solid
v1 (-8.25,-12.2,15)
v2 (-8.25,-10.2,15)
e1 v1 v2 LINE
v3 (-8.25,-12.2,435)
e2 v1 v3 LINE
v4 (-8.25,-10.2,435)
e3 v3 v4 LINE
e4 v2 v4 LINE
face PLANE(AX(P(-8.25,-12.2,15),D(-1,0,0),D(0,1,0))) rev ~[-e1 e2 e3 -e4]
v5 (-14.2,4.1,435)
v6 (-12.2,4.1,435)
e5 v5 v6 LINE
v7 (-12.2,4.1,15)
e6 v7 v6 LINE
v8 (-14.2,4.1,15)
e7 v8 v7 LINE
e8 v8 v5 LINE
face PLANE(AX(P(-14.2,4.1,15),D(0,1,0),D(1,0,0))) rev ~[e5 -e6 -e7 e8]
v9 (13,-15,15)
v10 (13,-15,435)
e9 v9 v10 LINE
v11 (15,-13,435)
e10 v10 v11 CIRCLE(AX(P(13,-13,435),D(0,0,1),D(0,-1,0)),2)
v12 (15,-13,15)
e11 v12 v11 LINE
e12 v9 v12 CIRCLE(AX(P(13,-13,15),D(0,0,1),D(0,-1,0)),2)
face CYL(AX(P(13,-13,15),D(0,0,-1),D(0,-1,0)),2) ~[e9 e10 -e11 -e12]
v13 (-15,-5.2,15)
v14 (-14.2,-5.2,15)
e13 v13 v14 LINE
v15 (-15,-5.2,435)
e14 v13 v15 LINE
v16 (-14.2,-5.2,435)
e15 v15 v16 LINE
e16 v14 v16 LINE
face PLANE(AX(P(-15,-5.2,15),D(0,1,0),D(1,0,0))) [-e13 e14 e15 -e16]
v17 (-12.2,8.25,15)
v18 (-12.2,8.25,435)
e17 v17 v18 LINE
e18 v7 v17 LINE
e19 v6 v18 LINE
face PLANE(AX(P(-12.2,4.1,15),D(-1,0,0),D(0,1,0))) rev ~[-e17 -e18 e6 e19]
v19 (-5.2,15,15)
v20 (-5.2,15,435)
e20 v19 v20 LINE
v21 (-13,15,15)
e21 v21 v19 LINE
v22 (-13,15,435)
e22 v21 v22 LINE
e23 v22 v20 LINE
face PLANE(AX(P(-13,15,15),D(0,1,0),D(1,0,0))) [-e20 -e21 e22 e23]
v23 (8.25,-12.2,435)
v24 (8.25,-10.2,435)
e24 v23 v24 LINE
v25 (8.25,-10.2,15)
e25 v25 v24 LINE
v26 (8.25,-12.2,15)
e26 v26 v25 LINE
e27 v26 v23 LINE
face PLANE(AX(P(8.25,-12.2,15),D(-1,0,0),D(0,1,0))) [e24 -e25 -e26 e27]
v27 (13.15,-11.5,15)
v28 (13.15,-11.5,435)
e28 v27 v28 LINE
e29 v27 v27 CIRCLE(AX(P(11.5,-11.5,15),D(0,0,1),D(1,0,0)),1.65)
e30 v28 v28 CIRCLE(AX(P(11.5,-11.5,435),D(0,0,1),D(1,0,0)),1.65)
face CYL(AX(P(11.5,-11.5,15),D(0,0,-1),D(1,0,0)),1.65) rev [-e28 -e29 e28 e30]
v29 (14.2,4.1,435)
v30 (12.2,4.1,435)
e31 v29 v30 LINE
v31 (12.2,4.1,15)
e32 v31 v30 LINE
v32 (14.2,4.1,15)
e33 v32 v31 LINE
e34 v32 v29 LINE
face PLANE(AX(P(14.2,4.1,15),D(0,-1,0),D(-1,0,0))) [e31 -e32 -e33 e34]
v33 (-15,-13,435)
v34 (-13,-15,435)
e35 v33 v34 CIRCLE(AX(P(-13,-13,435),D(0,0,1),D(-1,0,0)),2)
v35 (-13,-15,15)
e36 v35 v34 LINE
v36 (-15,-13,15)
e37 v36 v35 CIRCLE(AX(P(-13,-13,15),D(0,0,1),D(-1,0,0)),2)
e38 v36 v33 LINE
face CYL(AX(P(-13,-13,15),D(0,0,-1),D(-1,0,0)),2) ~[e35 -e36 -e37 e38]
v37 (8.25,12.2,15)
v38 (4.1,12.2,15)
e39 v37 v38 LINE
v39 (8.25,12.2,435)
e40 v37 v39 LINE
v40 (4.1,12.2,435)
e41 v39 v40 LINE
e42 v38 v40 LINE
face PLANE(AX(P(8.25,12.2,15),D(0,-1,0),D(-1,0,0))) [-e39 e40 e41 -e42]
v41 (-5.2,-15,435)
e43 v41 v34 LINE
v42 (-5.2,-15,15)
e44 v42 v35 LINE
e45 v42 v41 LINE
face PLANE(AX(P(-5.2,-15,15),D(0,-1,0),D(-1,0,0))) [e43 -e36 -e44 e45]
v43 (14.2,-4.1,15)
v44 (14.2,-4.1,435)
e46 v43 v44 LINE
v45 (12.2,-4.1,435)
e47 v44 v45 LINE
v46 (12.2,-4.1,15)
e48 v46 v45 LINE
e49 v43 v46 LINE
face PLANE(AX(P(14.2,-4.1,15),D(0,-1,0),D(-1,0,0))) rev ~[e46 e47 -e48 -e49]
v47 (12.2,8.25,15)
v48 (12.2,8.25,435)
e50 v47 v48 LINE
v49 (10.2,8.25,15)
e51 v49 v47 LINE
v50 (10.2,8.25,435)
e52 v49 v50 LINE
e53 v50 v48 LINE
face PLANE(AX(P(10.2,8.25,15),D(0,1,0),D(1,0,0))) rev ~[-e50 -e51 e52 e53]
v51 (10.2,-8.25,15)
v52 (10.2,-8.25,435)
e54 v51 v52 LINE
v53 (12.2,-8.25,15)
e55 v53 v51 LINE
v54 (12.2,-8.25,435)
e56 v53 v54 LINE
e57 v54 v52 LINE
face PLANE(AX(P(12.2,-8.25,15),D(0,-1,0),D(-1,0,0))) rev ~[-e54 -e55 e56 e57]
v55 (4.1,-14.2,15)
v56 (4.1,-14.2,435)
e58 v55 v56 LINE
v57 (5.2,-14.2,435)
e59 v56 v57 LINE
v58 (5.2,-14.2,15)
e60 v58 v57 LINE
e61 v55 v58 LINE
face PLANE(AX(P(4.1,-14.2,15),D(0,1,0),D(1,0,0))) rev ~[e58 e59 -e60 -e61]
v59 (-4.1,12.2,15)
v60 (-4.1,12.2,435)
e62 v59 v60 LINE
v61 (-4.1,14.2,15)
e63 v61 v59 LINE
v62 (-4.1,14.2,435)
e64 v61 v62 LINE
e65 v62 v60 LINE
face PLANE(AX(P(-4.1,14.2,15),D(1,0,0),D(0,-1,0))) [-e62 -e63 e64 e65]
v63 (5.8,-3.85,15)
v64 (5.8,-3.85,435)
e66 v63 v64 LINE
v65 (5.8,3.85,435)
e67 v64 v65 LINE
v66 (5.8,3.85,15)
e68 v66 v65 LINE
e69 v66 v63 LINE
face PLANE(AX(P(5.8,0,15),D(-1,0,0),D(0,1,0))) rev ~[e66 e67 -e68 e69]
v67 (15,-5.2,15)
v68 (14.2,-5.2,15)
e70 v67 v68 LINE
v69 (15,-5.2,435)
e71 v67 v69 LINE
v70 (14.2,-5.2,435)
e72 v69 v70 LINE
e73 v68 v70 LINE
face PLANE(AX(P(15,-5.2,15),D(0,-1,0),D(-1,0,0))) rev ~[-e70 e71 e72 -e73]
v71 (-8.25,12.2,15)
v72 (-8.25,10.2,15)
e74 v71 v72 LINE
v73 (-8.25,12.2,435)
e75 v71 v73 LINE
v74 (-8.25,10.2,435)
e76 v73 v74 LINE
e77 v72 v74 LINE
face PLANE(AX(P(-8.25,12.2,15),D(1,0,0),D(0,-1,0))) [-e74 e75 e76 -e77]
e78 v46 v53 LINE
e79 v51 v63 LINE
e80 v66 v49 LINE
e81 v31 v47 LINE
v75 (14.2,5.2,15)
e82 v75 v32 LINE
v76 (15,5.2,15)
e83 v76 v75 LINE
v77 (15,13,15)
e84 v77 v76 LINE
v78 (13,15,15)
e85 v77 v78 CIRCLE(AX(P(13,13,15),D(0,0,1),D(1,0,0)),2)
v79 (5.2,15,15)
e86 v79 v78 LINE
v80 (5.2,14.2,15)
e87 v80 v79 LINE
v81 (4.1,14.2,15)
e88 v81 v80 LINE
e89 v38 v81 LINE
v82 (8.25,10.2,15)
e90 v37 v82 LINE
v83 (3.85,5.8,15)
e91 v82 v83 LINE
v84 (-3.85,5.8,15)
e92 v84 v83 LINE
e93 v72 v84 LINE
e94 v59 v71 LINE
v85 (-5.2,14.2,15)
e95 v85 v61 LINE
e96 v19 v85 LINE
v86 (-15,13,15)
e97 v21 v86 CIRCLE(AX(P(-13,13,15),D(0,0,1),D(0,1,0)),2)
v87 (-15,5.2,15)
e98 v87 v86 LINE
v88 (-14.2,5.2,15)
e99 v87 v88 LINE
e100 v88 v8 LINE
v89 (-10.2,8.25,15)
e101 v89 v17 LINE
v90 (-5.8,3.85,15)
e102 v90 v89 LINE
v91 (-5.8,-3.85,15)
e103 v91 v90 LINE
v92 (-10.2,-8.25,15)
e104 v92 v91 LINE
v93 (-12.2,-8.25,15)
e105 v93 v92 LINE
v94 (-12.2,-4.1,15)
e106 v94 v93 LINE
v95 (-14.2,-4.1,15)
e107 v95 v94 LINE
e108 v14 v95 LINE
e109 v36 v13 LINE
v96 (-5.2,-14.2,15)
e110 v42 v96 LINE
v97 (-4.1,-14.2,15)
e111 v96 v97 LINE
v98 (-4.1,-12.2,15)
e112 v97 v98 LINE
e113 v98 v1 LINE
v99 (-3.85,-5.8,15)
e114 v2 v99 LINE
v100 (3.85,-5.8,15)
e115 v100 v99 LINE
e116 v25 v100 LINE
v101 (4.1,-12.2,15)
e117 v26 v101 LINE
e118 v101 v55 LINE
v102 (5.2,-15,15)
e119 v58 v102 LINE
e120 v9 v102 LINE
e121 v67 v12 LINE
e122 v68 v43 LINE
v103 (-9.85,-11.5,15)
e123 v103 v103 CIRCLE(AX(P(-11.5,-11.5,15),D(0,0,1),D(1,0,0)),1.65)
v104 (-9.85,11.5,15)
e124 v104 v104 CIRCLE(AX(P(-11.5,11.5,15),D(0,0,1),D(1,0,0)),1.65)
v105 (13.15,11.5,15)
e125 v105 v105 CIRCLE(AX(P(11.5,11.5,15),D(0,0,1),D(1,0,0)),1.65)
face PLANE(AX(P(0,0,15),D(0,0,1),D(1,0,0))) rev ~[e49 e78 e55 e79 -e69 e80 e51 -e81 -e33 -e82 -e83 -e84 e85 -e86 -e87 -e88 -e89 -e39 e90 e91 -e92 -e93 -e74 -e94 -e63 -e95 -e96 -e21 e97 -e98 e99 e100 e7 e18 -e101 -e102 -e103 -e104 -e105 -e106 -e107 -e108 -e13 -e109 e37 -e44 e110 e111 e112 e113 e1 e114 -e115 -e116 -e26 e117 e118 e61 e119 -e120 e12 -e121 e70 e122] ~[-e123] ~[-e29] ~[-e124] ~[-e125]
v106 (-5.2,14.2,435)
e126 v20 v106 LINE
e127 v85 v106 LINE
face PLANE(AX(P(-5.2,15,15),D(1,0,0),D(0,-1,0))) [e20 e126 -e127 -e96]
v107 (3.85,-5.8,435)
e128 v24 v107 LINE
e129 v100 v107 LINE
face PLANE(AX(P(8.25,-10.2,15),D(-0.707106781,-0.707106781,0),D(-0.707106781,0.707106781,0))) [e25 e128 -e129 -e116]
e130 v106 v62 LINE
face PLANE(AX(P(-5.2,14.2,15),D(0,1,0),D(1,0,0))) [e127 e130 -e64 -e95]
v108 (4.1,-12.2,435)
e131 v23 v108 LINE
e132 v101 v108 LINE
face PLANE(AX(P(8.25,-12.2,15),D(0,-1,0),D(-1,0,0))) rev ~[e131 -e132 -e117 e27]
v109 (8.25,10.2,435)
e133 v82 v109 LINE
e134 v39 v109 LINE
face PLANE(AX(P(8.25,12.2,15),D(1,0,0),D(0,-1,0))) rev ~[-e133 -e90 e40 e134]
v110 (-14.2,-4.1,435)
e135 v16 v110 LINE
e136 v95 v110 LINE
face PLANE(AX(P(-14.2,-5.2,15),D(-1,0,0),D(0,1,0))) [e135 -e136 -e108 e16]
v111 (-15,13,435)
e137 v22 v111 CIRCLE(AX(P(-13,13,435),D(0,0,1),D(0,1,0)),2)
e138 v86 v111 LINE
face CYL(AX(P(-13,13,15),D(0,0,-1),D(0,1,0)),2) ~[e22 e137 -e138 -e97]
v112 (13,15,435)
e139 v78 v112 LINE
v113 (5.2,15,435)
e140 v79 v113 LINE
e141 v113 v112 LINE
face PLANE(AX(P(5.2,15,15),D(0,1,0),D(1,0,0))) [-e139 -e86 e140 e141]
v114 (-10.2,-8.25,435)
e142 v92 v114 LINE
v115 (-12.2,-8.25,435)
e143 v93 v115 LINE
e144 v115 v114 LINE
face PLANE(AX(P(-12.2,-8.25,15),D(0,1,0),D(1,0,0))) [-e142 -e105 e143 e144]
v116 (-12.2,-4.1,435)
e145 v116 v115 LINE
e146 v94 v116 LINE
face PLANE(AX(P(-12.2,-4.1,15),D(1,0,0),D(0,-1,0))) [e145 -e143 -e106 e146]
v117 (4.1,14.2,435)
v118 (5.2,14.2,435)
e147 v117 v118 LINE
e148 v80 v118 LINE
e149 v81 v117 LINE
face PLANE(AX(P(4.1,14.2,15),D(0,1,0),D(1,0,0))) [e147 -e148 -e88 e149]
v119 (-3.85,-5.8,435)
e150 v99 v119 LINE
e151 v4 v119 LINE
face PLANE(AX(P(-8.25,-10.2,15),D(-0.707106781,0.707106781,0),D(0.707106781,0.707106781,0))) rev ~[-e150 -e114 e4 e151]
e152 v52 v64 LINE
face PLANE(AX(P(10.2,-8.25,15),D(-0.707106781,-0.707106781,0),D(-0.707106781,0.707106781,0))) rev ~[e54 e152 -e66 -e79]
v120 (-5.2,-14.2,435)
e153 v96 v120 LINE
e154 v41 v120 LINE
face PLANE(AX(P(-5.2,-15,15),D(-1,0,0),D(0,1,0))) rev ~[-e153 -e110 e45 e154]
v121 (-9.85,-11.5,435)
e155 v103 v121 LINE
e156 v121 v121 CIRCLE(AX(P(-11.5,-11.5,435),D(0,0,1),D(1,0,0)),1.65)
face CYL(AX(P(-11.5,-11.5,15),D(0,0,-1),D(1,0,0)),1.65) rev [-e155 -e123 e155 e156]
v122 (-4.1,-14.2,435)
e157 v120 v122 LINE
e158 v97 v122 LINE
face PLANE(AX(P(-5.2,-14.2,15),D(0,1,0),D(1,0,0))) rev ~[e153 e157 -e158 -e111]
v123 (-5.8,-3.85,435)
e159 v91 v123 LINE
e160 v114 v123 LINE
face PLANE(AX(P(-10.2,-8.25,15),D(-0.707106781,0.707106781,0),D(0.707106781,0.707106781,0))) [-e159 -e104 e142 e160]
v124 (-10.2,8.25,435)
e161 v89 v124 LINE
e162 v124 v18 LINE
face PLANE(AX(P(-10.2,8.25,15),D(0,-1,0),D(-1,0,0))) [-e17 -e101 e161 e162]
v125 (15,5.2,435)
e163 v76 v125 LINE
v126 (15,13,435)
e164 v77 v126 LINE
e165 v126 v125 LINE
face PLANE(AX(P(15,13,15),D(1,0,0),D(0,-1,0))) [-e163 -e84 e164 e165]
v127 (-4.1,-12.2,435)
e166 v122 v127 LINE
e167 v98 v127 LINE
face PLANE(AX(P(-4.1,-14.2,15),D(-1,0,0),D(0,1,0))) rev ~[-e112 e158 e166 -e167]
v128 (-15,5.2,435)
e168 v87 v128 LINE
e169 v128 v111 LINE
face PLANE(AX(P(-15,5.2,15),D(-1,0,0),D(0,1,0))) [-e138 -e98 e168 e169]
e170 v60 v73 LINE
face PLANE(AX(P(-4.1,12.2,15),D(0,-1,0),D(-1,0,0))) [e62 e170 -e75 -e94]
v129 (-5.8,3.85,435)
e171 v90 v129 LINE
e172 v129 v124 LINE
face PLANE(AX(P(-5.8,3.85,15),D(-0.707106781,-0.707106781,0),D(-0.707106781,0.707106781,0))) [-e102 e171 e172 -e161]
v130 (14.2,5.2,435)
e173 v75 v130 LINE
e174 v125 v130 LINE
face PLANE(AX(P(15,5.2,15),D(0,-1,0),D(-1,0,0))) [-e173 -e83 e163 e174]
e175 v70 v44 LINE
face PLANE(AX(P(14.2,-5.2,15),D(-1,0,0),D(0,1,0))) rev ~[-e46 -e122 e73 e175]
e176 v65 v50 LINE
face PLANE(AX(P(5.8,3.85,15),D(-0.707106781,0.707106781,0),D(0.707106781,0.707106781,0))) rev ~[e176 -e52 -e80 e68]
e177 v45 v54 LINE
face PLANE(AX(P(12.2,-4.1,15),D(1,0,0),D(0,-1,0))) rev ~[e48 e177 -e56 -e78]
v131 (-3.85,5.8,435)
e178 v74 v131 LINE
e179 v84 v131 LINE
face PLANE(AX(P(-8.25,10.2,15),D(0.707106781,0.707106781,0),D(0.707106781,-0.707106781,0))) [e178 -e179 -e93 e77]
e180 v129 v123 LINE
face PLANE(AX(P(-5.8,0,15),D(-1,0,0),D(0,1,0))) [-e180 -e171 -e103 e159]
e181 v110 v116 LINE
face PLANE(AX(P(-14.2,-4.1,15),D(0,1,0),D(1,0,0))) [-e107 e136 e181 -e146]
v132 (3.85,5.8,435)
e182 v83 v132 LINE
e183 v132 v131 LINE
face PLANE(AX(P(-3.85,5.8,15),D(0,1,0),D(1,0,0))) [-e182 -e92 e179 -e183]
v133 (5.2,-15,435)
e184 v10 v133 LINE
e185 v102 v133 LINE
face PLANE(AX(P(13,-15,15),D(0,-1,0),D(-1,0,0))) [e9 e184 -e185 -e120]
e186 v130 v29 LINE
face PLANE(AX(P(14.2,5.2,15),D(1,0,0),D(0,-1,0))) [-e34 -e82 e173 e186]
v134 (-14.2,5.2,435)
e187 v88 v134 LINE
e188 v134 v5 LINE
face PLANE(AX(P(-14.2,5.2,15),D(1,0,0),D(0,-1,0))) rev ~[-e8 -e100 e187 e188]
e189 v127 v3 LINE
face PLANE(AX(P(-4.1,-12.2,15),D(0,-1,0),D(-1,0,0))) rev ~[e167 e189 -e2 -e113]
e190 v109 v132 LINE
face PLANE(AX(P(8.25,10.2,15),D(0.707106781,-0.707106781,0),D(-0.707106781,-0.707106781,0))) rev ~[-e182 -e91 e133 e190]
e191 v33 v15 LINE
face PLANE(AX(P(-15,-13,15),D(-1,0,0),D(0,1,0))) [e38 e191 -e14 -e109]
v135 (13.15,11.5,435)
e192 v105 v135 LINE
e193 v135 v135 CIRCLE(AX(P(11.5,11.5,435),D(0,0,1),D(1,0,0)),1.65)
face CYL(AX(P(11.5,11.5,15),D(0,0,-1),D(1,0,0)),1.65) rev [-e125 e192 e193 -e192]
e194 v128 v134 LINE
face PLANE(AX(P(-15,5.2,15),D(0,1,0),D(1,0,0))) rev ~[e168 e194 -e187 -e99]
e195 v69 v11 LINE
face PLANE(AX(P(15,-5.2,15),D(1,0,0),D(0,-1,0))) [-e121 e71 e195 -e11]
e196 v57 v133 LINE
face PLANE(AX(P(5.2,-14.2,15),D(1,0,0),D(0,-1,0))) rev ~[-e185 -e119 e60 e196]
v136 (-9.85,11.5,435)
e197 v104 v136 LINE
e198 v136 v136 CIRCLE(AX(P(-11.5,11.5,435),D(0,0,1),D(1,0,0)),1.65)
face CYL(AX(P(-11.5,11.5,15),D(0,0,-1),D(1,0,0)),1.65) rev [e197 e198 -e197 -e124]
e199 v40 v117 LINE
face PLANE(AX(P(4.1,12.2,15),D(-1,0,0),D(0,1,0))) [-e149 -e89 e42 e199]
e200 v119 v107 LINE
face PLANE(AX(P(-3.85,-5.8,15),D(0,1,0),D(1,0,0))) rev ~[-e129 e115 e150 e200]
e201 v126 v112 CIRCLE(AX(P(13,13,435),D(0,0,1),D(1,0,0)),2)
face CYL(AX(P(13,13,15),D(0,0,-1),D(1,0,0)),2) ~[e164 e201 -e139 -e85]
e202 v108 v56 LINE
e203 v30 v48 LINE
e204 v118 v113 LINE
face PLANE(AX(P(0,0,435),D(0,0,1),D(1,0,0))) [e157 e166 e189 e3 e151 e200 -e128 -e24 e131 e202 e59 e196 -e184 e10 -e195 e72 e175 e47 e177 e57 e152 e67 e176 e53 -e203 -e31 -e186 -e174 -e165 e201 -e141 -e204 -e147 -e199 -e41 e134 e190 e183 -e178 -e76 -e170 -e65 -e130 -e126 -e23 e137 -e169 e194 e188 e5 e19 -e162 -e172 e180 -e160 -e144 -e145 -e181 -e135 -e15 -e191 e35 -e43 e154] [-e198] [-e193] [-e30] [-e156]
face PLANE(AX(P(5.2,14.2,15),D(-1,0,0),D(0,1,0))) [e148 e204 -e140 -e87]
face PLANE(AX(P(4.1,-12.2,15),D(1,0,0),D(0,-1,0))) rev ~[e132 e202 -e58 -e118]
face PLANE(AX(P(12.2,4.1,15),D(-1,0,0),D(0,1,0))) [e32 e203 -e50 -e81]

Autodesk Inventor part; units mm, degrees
ref_plane "Work Plane3" through (0, 0, 250) normal (0, 0, 1) x (1, 0, 0)
sketch "Sketch2" plane through (0, 0, 250) normal (0, 0, 1) x (1, 0, 0)
  circle A0 centre (0, 0) radius 3.4
  dimension "d51" = 6.8
extrude "Extrusion2" [suppressed]
ref_plane "Start Plane" through (0, 0, 15) normal (0, 0, 1) x (1, 0, 0)
ref_plane "End Plane" through (0, 0, 435) normal (0, 0, 1) x (1, 0, 0)
sketch "Sketch" plane through (0, 0, 0) normal (0, 0, 1) x (1, 0, 0)
  line L0 (-13, 15) -> (13, 15)
  line L1 (15, 13) -> (15, -13)
  line L2 (-15, 15) -> (15, -15) construction
  line L3 (15, 15) -> (-15, -15) construction
  line L4 (-5.2, 15) -> (-5.2, 14.2)
  line L5 (-5.2, 14.2) -> (-4.1, 14.2)
  line L6 (-4.1, 14.2) -> (-4.1, 12.2)
  line L7 (-4.1, 12.2) -> (-8.25, 12.2)
  line L8 (-8.25, 12.2) -> (-8.25, 10.2)
  line L9 (-8.25, 10.2) -> (-3.85, 5.8)
  line L10 (-3.85, 5.8) -> (3.85, 5.8)
  line L11 (8.25, 12.2) -> (4.1, 12.2)
  line L12 (4.1, 12.2) -> (4.1, 14.2)
  line L13 (4.1, 14.2) -> (5.2, 14.2)
  line L14 (5.2, 14.2) -> (5.2, 15)
  line L15 (8.25, 12.2) -> (8.25, 10.2)
  line L16 (8.25, 10.2) -> (3.85, 5.8)
  line L17 (-5.8, 0) -> (5.8, 0)
  line L18 (-5.2, -15) -> (-5.2, -14.2)
  line L19 (-5.2, -14.2) -> (-4.1, -14.2)
  line L20 (-4.1, -14.2) -> (-4.1, -12.2)
  line L21 (-4.1, -12.2) -> (-8.25, -12.2)
  line L22 (-8.25, -12.2) -> (-8.25, -10.2)
  line L23 (-8.25, -10.2) -> (-3.85, -5.8)
  line L24 (-3.85, -5.8) -> (3.85, -5.8)
  line L25 (8.25, -12.2) -> (4.1, -12.2)
  line L26 (4.1, -12.2) -> (4.1, -14.2)
  line L27 (4.1, -14.2) -> (5.2, -14.2)
  line L28 (5.2, -14.2) -> (5.2, -15)
  line L29 (8.25, -12.2) -> (8.25, -10.2)
  line L30 (8.25, -10.2) -> (3.85, -5.8)
  line L31 (0, 5.8) -> (0, -5.8)
  line L32 (15, 5.2) -> (14.2, 5.2)
  line L33 (14.2, 5.2) -> (14.2, 4.1)
  line L34 (14.2, 4.1) -> (12.2, 4.1)
  line L35 (12.2, 4.1) -> (12.2, 8.25)
  line L36 (15, -5.2) -> (14.2, -5.2)
  line L37 (14.2, -5.2) -> (14.2, -4.1)
  line L38 (14.2, -4.1) -> (12.2, -4.1)
  line L39 (12.2, -4.1) -> (12.2, -8.25)
  line L40 (12.2, -8.25) -> (10.2, -8.25)
  line L41 (10.2, -8.25) -> (5.8, -3.85)
  line L42 (5.8, -3.85) -> (5.8, 3.85)
  line L43 (5.8, 3.85) -> (10.2, 8.25)
  line L44 (10.2, 8.25) -> (12.2, 8.25)
  line L45 (-15, 5.2) -> (-14.2, 5.2)
  line L46 (-14.2, 5.2) -> (-14.2, 4.1)
  line L47 (-14.2, 4.1) -> (-12.2, 4.1)
  line L48 (-12.2, 4.1) -> (-12.2, 8.25)
  line L49 (-15, -5.2) -> (-14.2, -5.2)
  line L50 (-14.2, -5.2) -> (-14.2, -4.1)
  line L51 (-14.2, -4.1) -> (-12.2, -4.1)
  line L52 (-12.2, -4.1) -> (-12.2, -8.25)
  line L53 (-12.2, -8.25) -> (-10.2, -8.25)
  line L54 (-10.2, -8.25) -> (-5.8, -3.85)
  line L55 (-5.8, -3.85) -> (-5.8, 3.85)
  line L56 (-5.8, 3.85) -> (-10.2, 8.25)
  line L57 (-10.2, 8.25) -> (-12.2, 8.25)
  circle A0 centre (11.5, 11.5) radius 1.65
  circle A1 centre (11.5, -11.5) radius 1.65
  circle A2 centre (-11.5, 11.5) radius 1.65
  circle A3 centre (-11.5, -11.5) radius 1.65
  line L58 (-15, -13) -> (-15, -5.2)
  line L59 (-15, 5.2) -> (-15, 13)
  line L60 (13, -15) -> (5.2, -15)
  line L61 (-5.2, -15) -> (-13, -15)
  arc A4 (-13, 15) -> (-15, 13) centre (-13, 13) ccw
  arc A5 (15, 13) -> (13, 15) centre (13, 13) ccw
  arc A6 (13, -15) -> (15, -13) centre (13, -13) ccw
  arc A7 (-15, -13) -> (-13, -15) centre (-13, -13) ccw
  point P0 (0, 0)
  point P1 (0, 0)
  dimension "d2" = 8.2
  dimension "d3" = 4.1
  dimension "d4" = 10.4
  dimension "d5" = 5.2
  dimension "d8" = 9.2
  dimension "d11" = 16.5
  dimension "d12" = 8.25
  dimension "d14" = 0.8
  dimension "d15" = 2
  dimension "d16" = 2
  dimension "d34" = 0.8
  dimension "d35" = 10.4
  dimension "d36" = 5.2
  dimension "d37" = 8.2
  dimension "d38" = 4.1
  dimension "d39" = 2
  dimension "d40" = 16.5
  dimension "d41" = 8.25
  dimension "d42" = 2
  dimension "d43" = 9.2
  dimension "d44" = 23
  dimension "d45" = 11.5
  dimension "d46" = 23
  dimension "d47" = 11.5
  dimension "d48" = 3.3
  dimension "d55" = 2
extrude "Body" add sketch "Sketch" along normal up to surface (420 mm away) from surface at 15 contours L0 L4 L5 L6 L7 L8 L9 L10 L31 L17 L55 L56 L57 L48 L47 L46 L45 L59 A4 | L0 A5 L1 L32 L33 L34 L35 L44 L43 L42 L17 L31 L10 L16 L15 L11 L12 L13 L14 | L1 A6 L60 L28 L27 L26 L25 L29 L30 L24 L31 L17 L42 L41 L40 L39 L38 L37 L36 | L31 L24 L23 L22 L21 L20 L19 L18 L61 A7 L58 L49 L50 L51 L52 L53 L54 L55 L17
sketch "Sketch3" plane through (0, 0, 0) normal (0, 0, 1) x (1, 0, 0)
  line L0 (0, 0) -> (10, 0)
ref_plane "Work Plane4" through (0, 0, 0) normal (0, -1, 0) x (1, 0, 0)
sketch "Sketch4" plane through (0, 0, 0) normal (0, -1, 0) x (1, 0, 0)
  line L0 (-2, 15) -> (12, 15)
  line L1 (-2, 435) -> (12, 435)
  dimension "d61" = 420
ref_plane "Work Plane5" through (-265, 5.2, 435) normal (0, 0, 1) x (1, 0, 0)
split "Split1" plane through (-265, 5.2, 435) removes the side toward (0, 0, 1)
ref_plane "Work Plane6" through (185, 5.2, 15) normal (0, 0, -1) x (-1, 0, 0)
split "Split2" plane through (185, 5.2, 15) removes the side toward (0, 0, -1)
equation "\"d3\" = 0.5 * d2"
equation "\"d5\" = 0.5 * d4"
equation "\"d12\" = 0.5 * d11"
equation "\"d36\" = 0.5 * d35"
equation "\"d38\" = 0.5 * d37"
equation "\"d41\" = 0.5 * d40"
equation "\"d45\" = 0.5 * d44"
equation "\"d47\" = 0.5 * d46"
equation "\"G_OFFSET_START\" = -15"
equation "\"G_OFFSET_END\" = -15"
equation "\"d56\" = -G_OFFSET_START"
equation "\"G_L\" = d61"
properties part number "420 mm" material "Aluminum 6061"
